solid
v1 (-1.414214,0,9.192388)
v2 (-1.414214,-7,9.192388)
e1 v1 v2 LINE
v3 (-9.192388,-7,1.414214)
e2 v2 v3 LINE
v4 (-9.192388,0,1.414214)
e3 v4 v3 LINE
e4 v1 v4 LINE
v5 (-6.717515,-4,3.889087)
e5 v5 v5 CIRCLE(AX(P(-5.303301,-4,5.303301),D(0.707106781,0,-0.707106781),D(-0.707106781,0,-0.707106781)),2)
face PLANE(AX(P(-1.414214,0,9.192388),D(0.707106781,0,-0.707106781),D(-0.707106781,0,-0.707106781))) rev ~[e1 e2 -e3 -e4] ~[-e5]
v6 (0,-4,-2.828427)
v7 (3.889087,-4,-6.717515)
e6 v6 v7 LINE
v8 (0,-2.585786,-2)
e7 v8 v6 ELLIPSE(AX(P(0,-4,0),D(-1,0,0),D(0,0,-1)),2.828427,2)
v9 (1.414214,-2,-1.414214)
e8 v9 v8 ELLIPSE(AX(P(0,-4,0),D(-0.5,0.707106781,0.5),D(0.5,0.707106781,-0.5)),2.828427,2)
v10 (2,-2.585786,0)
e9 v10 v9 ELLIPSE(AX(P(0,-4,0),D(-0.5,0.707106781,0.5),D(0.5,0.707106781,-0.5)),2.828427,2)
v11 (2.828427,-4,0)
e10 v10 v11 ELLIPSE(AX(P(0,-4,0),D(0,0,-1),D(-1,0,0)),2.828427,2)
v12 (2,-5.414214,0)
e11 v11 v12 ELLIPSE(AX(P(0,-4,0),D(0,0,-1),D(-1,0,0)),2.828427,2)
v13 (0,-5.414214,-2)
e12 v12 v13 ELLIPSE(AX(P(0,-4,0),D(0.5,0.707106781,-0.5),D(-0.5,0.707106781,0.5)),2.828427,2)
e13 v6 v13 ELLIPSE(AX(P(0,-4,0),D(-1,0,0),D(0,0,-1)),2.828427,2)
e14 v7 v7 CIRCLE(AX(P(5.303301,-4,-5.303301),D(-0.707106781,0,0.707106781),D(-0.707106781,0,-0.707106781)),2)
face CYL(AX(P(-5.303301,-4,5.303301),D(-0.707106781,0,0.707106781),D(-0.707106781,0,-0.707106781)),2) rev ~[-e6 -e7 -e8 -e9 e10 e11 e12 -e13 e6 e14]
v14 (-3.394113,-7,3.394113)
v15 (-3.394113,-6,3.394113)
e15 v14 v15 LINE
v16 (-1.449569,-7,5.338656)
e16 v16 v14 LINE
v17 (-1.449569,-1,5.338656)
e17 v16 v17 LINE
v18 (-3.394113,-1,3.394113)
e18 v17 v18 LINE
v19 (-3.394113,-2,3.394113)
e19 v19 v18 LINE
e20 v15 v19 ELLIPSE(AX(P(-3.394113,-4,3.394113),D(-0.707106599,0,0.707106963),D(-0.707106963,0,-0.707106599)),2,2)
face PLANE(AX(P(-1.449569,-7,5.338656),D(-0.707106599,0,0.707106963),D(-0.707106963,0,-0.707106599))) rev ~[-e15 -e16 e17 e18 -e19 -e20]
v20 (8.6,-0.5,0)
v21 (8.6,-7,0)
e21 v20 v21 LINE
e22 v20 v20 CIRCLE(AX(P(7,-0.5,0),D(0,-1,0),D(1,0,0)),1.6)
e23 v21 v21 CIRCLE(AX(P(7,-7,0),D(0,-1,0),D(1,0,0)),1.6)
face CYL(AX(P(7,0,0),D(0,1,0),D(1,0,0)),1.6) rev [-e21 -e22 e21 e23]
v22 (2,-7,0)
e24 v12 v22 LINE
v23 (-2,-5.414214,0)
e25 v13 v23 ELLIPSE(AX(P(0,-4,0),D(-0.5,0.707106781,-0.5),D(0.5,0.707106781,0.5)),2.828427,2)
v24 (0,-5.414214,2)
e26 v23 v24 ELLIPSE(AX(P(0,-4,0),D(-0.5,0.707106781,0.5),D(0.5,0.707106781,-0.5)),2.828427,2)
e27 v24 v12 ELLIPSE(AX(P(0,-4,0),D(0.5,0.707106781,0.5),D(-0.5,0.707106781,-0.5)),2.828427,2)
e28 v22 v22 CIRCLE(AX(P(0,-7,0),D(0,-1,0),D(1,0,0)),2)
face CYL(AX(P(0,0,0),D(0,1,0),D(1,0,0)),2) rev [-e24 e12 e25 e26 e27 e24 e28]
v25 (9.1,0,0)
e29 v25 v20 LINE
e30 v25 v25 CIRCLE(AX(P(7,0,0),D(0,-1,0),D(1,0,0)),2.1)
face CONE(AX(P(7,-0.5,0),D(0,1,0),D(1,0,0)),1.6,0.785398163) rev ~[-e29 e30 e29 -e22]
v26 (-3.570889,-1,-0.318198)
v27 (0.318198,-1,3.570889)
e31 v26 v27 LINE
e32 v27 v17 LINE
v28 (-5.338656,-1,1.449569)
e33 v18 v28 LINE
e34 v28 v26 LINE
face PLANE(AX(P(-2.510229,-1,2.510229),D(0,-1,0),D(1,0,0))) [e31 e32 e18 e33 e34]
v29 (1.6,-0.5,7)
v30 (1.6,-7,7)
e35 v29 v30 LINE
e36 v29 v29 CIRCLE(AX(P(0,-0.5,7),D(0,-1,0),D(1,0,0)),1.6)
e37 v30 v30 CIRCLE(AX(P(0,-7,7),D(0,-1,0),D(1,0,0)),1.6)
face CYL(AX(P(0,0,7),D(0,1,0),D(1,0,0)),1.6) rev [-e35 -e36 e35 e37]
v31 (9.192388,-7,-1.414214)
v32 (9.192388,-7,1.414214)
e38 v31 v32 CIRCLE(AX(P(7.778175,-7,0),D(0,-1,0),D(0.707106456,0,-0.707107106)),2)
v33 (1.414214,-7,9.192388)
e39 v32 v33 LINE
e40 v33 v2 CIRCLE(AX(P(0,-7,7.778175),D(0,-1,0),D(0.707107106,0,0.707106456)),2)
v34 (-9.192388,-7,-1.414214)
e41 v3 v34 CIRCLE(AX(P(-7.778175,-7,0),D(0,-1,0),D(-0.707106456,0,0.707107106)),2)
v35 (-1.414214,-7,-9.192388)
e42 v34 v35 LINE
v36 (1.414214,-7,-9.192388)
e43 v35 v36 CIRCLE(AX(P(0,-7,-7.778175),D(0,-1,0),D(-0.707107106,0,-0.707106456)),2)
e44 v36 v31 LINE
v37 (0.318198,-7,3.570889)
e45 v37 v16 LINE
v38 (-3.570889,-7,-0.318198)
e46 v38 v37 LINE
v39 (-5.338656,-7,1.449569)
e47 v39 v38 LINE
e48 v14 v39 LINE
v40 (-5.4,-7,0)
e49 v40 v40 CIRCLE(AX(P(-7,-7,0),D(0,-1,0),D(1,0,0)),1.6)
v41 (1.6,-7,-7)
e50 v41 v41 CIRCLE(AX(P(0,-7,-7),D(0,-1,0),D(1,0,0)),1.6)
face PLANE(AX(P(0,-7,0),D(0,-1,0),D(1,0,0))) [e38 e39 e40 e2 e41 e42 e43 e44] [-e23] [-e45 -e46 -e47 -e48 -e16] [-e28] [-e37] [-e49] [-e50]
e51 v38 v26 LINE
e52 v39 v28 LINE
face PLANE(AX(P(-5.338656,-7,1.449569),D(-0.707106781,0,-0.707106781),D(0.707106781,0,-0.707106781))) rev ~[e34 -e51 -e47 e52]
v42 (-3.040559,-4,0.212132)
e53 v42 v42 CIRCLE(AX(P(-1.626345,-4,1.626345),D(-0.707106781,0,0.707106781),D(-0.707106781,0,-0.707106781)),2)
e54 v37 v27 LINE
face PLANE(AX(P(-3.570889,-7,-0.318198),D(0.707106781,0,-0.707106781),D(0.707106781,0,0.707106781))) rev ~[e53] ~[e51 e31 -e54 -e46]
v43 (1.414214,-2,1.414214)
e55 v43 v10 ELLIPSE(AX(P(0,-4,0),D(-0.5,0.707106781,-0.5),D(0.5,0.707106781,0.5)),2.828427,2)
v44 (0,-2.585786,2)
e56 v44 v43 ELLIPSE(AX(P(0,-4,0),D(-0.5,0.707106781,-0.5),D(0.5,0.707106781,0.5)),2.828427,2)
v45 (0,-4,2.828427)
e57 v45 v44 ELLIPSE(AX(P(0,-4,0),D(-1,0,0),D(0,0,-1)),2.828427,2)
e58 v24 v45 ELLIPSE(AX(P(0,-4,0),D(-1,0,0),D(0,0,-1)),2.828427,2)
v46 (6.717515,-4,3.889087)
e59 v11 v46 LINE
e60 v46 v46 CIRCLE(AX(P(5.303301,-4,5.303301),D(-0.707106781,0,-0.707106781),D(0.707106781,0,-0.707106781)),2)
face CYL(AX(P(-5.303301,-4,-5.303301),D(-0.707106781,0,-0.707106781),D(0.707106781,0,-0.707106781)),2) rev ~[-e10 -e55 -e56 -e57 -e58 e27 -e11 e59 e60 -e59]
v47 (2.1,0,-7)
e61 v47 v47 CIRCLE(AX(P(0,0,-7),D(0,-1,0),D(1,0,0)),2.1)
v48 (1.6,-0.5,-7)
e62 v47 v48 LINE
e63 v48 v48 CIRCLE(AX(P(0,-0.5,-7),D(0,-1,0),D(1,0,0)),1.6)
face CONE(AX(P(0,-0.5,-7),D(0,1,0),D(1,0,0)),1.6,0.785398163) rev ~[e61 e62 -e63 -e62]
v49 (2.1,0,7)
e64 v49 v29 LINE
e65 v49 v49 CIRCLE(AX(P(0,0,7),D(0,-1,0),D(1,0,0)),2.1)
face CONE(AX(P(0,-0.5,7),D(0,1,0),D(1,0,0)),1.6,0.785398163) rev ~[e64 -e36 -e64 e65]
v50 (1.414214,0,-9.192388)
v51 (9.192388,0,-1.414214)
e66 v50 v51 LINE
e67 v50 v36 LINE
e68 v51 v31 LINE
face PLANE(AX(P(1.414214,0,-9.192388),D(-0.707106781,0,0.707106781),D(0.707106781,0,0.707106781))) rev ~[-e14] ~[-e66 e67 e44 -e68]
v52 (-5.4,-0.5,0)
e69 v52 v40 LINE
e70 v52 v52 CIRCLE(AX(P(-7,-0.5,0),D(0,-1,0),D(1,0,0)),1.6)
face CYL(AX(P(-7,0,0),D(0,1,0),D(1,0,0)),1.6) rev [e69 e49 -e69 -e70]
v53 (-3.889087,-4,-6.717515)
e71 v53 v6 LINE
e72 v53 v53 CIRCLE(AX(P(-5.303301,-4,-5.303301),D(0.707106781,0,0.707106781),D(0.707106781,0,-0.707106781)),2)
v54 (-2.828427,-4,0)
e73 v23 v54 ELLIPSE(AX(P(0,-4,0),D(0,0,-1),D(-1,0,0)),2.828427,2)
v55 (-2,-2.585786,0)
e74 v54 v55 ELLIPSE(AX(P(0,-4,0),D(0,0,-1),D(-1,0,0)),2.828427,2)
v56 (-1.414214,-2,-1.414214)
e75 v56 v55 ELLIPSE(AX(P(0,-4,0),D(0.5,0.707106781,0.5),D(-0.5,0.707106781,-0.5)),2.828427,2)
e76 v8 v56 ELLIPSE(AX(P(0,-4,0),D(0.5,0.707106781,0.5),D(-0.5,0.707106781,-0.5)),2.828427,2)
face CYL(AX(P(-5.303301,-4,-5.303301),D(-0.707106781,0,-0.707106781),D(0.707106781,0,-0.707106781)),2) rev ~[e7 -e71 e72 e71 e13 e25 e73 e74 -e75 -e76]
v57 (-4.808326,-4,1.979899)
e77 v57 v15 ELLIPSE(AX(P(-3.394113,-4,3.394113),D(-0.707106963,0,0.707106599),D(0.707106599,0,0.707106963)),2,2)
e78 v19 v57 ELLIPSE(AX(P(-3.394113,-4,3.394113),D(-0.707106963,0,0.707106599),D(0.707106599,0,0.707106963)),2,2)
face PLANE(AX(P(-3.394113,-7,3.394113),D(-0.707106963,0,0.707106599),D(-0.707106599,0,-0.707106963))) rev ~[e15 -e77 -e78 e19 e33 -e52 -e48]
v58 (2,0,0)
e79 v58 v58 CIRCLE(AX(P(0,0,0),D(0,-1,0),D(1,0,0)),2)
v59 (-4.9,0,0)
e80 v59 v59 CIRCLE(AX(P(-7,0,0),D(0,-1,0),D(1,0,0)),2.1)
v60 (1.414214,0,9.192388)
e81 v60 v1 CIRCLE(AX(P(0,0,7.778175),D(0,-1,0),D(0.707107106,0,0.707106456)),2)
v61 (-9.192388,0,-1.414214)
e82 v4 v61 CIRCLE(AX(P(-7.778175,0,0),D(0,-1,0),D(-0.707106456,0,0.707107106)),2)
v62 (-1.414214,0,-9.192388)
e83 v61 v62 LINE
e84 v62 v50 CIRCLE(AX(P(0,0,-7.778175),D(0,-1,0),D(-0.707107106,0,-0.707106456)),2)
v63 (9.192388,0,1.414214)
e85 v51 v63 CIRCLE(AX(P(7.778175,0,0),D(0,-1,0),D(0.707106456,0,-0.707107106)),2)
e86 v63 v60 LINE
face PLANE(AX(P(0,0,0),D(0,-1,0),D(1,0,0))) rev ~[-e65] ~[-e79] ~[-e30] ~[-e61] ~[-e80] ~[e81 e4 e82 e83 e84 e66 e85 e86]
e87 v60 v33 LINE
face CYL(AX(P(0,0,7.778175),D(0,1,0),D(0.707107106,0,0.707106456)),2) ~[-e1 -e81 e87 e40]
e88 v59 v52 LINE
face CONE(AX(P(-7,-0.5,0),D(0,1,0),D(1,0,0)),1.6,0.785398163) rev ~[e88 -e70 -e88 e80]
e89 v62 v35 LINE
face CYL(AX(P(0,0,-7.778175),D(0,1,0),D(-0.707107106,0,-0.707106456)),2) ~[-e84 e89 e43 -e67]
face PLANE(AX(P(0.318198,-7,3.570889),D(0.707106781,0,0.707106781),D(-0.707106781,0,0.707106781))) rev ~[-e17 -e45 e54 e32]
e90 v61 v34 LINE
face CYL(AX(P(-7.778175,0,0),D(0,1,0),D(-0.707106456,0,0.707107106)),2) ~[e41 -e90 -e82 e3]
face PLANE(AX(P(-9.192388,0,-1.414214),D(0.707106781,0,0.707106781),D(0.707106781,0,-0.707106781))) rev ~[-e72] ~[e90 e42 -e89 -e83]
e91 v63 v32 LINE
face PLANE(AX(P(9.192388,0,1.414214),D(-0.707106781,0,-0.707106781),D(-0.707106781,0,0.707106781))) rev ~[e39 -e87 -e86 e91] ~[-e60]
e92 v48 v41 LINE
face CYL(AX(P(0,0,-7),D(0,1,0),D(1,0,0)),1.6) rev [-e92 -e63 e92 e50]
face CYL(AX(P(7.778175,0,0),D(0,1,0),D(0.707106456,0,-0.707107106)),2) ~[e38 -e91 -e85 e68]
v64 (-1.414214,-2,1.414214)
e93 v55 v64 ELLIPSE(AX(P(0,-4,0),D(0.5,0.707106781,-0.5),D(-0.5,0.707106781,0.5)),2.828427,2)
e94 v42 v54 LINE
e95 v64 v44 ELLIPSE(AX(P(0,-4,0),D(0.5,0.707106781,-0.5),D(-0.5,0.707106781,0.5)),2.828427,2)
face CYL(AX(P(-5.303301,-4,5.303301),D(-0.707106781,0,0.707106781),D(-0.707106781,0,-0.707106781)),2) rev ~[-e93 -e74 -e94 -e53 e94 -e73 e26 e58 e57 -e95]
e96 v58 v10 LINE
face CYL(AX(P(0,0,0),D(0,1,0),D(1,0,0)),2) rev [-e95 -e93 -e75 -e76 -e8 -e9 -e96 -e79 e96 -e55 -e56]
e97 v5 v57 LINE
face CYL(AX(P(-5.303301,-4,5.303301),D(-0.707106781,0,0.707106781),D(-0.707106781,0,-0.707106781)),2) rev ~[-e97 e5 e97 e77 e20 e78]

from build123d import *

# Parameters (mm, degrees)
F0_R     = 1.6
F0_R_2   = 2
F1_DEPTH = 7
F2_R     = 2
F3_DEPTH = 25
F4_COUNT = 4
F7_DEPTH = 6
F8_SIZE  = 0.5


with BuildPart() as f1:
    # F0 (on Front) → F1 (new body)
    with BuildSketch(Plane.XZ):
        with BuildLine():
            Line((-9.192388, -1.414214), (-1.414214, -9.192388))
            ThreePointArc((-1.414214, -9.192388), (0, -9.778175), (1.414214, -9.192388))
            Line((1.414214, -9.192388), (9.192388, -1.414214))
            ThreePointArc((9.192388, -1.414214), (9.778175, 0), (9.192388, 1.414214))
            Line((9.192388, 1.414214), (1.414214, 9.192388))
            ThreePointArc((1.414214, 9.192388), (0, 9.778175), (-1.414214, 9.192388))
            Line((-1.414214, 9.192388), (-9.192388, 1.414214))
            ThreePointArc((-9.192388, 1.414214), (-9.778175, 0), (-9.192388, -1.414214))
        make_face()
        with Locations((0, -7)):
            Circle(F0_R, mode=Mode.SUBTRACT)
        with Locations((-7, 0)):
            Circle(F0_R, mode=Mode.SUBTRACT)
        Circle(F0_R_2, mode=Mode.SUBTRACT)
        with Locations((7, 0)):
            Circle(F0_R, mode=Mode.SUBTRACT)
        with Locations((0, 7)):
            Circle(F0_R, mode=Mode.SUBTRACT)
    extrude(amount=F1_DEPTH)


with BuildPart() as f3:
    # F2 (on face) → F3 (new body)
    with BuildSketch(Plane(origin=(-5.303301, 0, -5.303301), x_dir=(0.707107, 0, -0.707107), z_dir=(-0.707107, 0, -0.707107))):
        with Locations((0, 4)):
            Circle(F2_R)
    extrude(amount=-F3_DEPTH)


with BuildPart() as f4_1:
    # F4: instance of F3
    add(f3.part.rotate(Axis((0, 0, 0), (0, 1, 0)), 1 * 360 / F4_COUNT))


with BuildPart() as f4_2:
    # F4: instance of F3
    add(f3.part.rotate(Axis((0, 0, 0), (0, 1, 0)), 2 * 360 / F4_COUNT))


with BuildPart() as f4_3:
    # F4: instance of F3
    add(f3.part.rotate(Axis((0, 0, 0), (0, 1, 0)), 3 * 360 / F4_COUNT))


with BuildPart() as f1_1:
    add(f1.part)

    # F5: cut F3, F4_1, F4_2, F4_3
    add(f3.part, mode=Mode.SUBTRACT)
    add(f4_1.part, mode=Mode.SUBTRACT)
    add(f4_2.part, mode=Mode.SUBTRACT)
    add(f4_3.part, mode=Mode.SUBTRACT)

    # F6 (on face) → F7 (cut)
    with BuildSketch(Plane.XZ.offset(7)):
        Polygon((-1.449569, 5.338656), (-3.394113, 3.394113), (-5.338656, 1.449569), (-3.570889, -0.318198), (0.318198, 3.570889), align=None)
    extrude(amount=-F7_DEPTH, mode=Mode.SUBTRACT)

    # F8
    f8_edges = [f1_1.edges().sort_by_distance(p)[0] for p in [
        (5.4, 0, 0),
        (-1.6, 0, 7),
        (-8.6, 0, 0),
        (-1.6, 0, -7),
    ]]
    chamfer(f8_edges, length=F8_SIZE)


solid = f1_1.part
